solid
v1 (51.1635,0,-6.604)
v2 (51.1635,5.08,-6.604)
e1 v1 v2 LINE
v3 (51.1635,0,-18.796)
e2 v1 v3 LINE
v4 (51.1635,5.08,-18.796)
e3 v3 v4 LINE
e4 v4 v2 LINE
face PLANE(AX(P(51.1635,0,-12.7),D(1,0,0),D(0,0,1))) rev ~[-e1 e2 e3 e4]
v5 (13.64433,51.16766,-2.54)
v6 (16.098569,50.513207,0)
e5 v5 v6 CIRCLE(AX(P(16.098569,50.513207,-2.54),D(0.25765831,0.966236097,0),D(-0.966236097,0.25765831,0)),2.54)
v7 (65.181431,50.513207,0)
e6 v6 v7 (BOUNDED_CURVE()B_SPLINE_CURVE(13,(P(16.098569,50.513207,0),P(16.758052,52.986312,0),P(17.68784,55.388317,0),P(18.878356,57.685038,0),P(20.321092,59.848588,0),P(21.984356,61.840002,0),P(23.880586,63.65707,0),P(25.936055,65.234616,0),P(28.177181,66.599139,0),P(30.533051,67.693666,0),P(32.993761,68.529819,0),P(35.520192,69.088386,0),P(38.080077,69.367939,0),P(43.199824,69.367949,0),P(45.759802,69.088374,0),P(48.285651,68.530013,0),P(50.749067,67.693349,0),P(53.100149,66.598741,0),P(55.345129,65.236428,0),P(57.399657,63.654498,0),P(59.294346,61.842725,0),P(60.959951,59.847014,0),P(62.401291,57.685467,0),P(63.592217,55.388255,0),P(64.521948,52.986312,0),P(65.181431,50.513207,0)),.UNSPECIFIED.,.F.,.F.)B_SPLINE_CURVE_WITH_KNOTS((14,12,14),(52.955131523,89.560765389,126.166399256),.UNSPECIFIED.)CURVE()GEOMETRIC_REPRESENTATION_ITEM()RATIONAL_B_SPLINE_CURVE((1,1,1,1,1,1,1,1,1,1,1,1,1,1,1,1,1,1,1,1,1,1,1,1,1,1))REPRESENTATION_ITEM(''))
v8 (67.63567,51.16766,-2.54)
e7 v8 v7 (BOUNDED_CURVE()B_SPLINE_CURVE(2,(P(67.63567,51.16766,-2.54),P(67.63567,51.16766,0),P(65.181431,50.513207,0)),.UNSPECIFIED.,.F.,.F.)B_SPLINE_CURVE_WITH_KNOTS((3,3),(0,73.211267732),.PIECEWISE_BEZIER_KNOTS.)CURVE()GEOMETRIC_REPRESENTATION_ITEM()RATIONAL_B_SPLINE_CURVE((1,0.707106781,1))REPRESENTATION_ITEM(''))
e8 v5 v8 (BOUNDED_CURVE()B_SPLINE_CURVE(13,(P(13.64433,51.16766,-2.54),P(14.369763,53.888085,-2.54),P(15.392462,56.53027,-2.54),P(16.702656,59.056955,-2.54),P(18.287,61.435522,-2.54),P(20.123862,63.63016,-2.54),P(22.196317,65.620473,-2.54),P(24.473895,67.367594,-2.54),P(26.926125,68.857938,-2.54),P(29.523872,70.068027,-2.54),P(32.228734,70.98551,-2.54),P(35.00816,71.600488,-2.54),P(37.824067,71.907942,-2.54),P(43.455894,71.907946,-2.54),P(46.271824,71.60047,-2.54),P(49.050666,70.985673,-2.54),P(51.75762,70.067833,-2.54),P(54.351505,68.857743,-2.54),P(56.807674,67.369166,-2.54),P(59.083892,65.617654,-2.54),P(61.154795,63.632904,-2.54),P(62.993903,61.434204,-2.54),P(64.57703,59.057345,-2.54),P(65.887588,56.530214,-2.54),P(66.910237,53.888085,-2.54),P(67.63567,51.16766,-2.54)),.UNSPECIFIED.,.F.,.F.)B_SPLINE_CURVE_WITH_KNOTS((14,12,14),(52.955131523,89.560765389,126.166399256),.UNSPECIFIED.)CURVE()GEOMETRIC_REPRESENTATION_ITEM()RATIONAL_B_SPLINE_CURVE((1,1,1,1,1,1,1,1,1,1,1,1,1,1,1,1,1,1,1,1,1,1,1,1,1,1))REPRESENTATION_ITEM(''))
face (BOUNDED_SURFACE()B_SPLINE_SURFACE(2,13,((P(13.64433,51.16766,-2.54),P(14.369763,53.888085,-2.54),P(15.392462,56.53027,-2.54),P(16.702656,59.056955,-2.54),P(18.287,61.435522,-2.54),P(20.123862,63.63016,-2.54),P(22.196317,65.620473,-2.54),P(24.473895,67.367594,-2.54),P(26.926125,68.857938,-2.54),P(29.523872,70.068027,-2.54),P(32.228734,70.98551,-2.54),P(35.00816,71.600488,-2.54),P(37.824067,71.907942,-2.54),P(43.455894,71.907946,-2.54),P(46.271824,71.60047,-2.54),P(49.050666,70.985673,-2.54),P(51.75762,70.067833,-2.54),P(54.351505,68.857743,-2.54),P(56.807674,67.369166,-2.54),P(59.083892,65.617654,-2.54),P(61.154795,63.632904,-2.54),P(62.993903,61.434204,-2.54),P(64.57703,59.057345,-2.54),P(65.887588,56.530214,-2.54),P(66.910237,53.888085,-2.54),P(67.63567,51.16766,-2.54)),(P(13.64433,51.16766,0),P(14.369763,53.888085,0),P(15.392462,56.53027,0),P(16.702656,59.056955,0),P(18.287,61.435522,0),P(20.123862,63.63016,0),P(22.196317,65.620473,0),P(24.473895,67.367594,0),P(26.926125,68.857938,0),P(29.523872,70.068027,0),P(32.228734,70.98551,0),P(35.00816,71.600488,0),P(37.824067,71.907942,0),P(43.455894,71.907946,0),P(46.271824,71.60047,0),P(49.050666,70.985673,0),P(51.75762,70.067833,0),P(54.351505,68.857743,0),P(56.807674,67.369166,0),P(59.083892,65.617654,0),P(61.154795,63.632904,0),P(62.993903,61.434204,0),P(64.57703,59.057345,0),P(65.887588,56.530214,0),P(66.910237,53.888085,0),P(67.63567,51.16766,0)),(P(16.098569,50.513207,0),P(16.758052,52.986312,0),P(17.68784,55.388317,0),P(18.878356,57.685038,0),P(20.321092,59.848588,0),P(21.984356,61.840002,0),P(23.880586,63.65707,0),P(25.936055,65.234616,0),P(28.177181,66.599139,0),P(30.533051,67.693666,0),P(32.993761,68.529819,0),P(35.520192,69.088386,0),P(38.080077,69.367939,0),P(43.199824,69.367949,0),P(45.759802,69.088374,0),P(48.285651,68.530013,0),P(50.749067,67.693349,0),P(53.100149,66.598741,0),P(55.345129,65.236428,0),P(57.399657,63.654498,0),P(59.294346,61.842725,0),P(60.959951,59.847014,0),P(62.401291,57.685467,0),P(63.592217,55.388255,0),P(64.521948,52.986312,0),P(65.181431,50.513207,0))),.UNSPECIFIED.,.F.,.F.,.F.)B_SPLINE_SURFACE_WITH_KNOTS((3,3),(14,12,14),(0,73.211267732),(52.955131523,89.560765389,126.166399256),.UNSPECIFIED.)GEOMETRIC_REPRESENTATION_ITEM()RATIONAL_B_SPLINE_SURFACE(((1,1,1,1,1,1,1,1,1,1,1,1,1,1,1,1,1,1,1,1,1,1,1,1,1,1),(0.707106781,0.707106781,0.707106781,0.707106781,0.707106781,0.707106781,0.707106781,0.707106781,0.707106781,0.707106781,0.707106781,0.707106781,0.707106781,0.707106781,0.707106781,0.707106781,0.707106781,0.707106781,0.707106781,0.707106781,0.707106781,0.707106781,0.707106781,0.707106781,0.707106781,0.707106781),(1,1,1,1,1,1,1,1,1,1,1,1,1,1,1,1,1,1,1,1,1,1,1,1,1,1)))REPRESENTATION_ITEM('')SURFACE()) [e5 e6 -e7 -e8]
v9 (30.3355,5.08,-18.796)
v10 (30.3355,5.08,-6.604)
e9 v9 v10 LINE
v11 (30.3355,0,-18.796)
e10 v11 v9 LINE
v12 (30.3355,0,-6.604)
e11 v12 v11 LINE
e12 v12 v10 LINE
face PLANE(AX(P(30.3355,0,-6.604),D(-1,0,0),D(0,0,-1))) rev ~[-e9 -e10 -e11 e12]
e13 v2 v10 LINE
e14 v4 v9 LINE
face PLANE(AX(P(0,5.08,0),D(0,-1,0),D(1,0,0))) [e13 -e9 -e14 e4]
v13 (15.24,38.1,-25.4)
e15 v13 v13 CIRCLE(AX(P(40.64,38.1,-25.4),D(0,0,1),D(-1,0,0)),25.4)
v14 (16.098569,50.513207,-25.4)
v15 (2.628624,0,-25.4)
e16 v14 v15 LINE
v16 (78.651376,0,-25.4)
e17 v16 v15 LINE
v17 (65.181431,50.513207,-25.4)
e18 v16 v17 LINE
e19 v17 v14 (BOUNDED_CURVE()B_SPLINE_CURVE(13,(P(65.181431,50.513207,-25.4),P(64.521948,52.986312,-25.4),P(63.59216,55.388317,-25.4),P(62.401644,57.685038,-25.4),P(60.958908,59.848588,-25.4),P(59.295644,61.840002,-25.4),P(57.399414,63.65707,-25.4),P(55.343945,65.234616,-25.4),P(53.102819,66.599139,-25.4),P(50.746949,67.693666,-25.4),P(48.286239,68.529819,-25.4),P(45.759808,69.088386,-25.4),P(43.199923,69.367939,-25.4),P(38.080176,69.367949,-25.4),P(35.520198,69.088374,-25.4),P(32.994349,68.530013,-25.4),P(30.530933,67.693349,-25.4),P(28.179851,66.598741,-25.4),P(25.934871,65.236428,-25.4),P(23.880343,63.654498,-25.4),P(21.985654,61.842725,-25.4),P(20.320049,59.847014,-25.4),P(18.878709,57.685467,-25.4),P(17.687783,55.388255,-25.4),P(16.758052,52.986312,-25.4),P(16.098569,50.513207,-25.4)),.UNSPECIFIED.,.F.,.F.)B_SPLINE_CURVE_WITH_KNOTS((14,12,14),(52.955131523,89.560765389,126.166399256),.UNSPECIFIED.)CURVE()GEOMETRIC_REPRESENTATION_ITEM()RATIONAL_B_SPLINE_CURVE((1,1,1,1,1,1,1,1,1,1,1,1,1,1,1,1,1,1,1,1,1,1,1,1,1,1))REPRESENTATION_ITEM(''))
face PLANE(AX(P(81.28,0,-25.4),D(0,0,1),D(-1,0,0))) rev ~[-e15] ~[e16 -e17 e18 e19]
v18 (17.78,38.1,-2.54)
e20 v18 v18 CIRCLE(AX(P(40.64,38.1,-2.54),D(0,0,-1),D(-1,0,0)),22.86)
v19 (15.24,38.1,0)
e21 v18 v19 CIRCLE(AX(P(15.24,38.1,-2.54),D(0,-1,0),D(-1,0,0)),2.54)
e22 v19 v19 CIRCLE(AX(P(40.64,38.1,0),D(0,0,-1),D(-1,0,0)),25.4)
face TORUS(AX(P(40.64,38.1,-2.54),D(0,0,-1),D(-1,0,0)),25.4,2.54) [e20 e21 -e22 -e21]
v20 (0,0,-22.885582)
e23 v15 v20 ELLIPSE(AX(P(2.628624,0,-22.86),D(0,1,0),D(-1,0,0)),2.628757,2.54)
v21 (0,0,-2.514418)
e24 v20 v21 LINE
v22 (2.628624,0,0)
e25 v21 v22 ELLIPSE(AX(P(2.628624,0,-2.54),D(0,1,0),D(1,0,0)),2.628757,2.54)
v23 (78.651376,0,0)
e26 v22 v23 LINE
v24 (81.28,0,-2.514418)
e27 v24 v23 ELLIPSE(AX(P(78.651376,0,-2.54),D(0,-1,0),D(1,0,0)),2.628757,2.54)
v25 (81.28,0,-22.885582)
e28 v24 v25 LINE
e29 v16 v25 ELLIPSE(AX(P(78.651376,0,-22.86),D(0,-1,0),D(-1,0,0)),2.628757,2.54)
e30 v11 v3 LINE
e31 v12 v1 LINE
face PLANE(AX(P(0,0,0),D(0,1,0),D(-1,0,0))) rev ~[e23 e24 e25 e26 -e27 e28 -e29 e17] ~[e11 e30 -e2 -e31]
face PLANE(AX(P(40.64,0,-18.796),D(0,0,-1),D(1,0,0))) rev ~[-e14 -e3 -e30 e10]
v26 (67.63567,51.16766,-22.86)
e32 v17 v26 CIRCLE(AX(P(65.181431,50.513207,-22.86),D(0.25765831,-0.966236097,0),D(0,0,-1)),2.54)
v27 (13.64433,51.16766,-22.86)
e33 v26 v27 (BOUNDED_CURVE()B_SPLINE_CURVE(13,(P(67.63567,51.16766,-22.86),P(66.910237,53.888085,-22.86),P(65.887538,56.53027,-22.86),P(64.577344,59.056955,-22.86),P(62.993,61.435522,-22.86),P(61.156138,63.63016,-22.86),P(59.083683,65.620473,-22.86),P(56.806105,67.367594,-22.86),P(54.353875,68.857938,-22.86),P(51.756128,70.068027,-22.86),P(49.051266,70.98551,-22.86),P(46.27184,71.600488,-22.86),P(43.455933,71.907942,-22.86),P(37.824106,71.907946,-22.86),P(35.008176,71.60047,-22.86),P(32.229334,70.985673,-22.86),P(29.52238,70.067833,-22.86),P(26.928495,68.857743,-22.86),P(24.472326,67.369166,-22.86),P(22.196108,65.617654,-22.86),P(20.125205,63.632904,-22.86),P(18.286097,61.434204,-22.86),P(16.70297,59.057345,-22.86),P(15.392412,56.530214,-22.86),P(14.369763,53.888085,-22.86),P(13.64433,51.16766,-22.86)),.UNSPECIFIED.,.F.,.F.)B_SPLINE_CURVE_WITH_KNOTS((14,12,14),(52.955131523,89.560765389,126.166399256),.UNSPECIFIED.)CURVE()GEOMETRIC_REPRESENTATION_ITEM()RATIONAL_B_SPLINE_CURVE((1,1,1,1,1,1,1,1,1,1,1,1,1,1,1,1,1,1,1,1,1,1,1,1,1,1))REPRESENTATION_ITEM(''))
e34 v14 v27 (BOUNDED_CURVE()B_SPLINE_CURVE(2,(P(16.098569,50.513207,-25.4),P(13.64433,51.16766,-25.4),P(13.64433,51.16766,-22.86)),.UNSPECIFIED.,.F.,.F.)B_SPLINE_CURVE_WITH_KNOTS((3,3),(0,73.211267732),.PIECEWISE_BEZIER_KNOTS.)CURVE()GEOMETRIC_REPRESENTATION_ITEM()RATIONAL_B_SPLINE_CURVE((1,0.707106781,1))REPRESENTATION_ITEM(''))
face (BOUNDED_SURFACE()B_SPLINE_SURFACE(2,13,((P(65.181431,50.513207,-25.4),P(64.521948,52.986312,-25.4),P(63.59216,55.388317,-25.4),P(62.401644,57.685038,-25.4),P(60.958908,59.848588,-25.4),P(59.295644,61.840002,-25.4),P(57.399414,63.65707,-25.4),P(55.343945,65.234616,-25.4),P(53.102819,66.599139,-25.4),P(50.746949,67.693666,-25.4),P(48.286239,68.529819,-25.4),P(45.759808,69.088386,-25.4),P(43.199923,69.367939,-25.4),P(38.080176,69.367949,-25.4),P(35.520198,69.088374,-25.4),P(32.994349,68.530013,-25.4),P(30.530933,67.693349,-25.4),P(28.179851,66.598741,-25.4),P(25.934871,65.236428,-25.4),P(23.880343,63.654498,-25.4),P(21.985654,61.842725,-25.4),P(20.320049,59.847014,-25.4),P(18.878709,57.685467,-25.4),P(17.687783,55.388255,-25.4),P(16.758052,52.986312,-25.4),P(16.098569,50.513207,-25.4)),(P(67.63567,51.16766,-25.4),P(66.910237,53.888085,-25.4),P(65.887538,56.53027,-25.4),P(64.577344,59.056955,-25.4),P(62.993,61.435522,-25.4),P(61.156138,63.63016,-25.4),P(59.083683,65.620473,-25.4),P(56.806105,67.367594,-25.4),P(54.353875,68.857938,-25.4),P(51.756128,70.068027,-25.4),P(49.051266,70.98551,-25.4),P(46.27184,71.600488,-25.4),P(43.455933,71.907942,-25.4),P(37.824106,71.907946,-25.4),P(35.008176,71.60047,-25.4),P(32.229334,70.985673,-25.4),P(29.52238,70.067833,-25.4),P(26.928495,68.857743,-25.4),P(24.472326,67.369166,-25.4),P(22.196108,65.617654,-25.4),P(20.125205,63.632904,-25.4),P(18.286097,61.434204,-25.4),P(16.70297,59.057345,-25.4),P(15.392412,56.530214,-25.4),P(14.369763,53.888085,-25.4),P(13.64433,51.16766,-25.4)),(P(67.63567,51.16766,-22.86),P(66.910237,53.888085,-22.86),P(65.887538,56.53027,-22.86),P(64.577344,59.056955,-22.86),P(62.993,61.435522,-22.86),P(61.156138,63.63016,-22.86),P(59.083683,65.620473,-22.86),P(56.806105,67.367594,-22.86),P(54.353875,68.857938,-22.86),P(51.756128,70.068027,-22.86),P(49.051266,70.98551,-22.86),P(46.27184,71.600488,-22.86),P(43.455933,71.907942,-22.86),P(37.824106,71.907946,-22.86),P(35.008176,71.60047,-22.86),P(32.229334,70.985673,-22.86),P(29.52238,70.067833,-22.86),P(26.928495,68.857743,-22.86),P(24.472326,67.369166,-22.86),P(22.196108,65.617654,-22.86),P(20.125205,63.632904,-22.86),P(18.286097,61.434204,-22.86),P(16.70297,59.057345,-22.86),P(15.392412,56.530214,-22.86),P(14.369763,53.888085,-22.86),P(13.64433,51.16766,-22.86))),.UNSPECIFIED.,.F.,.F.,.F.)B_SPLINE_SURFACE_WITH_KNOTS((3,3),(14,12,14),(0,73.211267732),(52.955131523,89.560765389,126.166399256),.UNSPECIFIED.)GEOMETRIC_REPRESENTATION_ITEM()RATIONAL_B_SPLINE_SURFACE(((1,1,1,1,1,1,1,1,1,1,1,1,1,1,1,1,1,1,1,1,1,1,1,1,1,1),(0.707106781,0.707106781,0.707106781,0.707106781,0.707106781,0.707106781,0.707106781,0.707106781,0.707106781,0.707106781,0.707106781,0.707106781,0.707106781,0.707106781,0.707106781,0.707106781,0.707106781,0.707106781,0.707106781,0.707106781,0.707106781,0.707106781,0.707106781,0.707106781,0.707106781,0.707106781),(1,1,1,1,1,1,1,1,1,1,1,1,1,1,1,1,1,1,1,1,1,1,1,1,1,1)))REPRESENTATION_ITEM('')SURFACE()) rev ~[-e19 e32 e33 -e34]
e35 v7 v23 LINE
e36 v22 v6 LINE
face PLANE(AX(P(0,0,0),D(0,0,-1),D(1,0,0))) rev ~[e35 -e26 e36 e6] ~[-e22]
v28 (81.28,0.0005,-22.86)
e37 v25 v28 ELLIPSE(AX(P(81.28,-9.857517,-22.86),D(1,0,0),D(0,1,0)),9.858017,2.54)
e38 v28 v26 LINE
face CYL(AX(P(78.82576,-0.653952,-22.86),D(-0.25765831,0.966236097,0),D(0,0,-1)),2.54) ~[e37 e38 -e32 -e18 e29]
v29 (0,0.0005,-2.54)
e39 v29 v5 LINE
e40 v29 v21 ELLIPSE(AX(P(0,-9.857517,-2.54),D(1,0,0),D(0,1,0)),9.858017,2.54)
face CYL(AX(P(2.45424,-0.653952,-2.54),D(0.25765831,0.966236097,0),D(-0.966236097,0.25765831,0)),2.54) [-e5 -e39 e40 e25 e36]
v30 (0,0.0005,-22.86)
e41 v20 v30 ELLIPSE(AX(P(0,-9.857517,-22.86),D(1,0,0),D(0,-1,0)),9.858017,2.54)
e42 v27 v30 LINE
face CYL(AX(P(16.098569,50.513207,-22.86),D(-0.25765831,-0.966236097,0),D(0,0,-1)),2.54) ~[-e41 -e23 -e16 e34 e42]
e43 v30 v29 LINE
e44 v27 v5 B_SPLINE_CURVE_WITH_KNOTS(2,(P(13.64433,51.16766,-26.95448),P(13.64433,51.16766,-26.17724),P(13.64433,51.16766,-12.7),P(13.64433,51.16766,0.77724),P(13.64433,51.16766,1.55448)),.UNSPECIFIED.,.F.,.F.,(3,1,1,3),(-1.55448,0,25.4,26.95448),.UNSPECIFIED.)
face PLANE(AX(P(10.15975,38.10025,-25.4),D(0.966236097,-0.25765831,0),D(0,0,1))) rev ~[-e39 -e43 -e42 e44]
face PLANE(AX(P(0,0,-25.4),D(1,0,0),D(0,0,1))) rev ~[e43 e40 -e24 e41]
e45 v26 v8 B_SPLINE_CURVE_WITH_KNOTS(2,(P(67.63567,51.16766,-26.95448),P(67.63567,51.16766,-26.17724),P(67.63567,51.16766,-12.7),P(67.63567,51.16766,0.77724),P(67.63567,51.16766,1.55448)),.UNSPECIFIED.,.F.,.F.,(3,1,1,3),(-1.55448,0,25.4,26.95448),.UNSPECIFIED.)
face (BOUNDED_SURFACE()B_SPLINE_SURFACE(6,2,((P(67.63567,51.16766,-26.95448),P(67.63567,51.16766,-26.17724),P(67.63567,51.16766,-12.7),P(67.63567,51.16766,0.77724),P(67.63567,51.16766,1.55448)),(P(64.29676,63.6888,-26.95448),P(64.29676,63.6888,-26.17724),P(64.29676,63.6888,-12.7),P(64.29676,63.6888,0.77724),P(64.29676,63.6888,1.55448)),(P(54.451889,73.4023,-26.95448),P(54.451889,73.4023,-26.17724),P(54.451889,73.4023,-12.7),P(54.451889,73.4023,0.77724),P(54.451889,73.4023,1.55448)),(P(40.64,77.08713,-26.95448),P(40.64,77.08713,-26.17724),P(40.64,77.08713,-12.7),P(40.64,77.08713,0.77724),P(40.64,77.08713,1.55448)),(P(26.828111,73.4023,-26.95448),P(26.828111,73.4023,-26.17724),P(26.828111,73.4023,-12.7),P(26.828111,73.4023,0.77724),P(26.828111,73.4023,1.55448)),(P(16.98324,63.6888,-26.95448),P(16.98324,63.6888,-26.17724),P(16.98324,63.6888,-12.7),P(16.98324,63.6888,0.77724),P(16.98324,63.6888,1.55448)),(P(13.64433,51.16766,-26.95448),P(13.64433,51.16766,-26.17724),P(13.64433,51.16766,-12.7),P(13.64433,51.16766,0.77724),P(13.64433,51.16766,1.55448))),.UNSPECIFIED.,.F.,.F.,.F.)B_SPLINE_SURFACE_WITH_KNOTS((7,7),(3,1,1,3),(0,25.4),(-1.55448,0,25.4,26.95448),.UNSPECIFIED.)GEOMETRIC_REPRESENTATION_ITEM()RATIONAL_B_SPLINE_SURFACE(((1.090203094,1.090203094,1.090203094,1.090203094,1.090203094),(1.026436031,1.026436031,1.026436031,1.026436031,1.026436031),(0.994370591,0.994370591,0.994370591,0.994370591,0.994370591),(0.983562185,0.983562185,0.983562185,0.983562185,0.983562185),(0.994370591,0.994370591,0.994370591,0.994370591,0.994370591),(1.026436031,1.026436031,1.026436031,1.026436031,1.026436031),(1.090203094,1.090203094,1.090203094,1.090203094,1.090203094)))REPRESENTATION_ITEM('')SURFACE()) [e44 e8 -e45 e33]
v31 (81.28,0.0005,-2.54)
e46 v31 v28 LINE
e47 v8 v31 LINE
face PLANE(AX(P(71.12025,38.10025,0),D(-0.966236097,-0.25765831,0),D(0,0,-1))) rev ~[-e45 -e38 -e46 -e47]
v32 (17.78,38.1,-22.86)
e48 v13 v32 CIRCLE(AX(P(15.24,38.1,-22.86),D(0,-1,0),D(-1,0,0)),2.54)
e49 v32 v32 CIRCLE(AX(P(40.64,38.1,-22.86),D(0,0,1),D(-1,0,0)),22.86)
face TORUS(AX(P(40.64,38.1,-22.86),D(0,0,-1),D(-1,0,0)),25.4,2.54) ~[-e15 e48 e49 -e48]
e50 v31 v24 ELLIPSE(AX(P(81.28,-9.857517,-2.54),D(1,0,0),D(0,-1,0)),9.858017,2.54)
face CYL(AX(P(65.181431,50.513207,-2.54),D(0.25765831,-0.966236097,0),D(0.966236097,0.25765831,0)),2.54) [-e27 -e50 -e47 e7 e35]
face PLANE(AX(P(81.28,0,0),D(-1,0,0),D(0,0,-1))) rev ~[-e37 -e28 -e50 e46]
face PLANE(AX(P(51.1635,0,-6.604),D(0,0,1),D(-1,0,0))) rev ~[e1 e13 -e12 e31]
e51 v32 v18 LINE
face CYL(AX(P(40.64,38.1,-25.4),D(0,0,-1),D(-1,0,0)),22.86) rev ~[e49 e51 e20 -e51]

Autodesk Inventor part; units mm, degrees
ref_plane "YZ Plane" through (0, 0, 0) normal (1, 0, 0) x (0, 1, 0)
ref_plane "XZ Plane" through (0, 0, 0) normal (0, 1, 0) x (-1, 0, 0)
ref_plane "XY Plane" through (0, 0, 0) normal (0, 0, 1) x (1, 0, 0)
sketch "Sketch2" plane through (0, 0, 0) normal (0, 1, 0) x (-1, 0, 0)
  line L0 (0, 0) -> (-81.28, 0)
  line L1 (-81.28, 0) -> (-81.28, -25.4)
  line L2 (-81.28, -25.4) -> (0, -25.4)
  line L3 (0, -25.4) -> (0, 0)
  dimension "d2" = 81.28
  dimension "d3" = 25.4
extrude "Extrusion1" add sketch "Sketch2" along normal blind 76.2
sketch "Sketch3" plane through (81.28, 0, -25.4) normal (0, 0, -1) x (-1, 0, 0)
  line L0 (81.28, 76.2) -> (0, 76.2) projected
  line L1 (40.64, 76.2) -> (40.64, 0)
  line L2 (0, 0) -> (0, 76.2) projected
  line L3 (0, 38.1) -> (81.28, 38.1)
  line L4 (81.28, 0) -> (81.28, 76.2) projected
  circle A0 centre (40.64, 38.1) radius 22.86
  dimension "d6" = 45.72
extrude "Extrusion2" cut sketch "Sketch3" against normal blind 25.4 contours A0 L3 L1 | L1 L3 A0 | A0 L1 L3 | L1 A0 L3
chamfer "Chamfer1" distance 20.32 distance2 76.2 1 edges at (81.28, 76.2, -12.7) measured on face at (54.1867, 76.2, -8.4667)
chamfer "Chamfer2" distance 20.32 distance2 76.2 1 edges at (0, 76.2, -12.7) measured on face at (40.6403, 76.2, -16.9333)
fillet "Fillet1" radius 27.94 2 edges at (60.9605, 76.2, -12.7) (20.3195, 76.2, -12.7)
fillet "Fillet2" radius 2.54 8 edges at (63.5, 38.1, 0) (63.5, 38.1, -25.4) (74.4578, 25.5841, 0) (6.8222, 25.5841, 0) (40.64, 71.9079, 0) (6.8222, 25.5841, -25.4) (74.4578, 25.5841, -25.4) (40.64, 71.9079, -25.4)
sketch "Sketch5" plane through (0, 0, 0) normal (0, -1, 0) x (1, 0, 0)
  line L0 (2.6288, 0) -> (78.6512, 0) projected
  line L1 (40.64, 0) -> (40.64, -25.4)
  line L2 (78.6512, -25.4) -> (2.6288, -25.4) projected
  line L3 (0, -12.7) -> (81.4991, -12.7)
  line L4 (40.7495, -12.7) -> (51.1635, -12.7)
  line L5 (51.1635, -12.7) -> (51.1635, -6.604)
  line L6 (51.1635, -6.604) -> (30.3355, -6.604)
  line L7 (30.3355, -6.604) -> (30.3355, -18.796)
  line L8 (30.3355, -18.796) -> (51.1635, -18.796)
  line L9 (51.1635, -18.796) -> (51.1635, -12.7)
  point P0 (0, 0)
  dimension "d23" = 10.414
  dimension "d24" = 6.096
  dimension "d25" = 20.828
  dimension "d26" = 12.192
extrude "Extrusion4" cut sketch "Sketch5" against normal blind 5.08
properties part number "CapStone Handle"
